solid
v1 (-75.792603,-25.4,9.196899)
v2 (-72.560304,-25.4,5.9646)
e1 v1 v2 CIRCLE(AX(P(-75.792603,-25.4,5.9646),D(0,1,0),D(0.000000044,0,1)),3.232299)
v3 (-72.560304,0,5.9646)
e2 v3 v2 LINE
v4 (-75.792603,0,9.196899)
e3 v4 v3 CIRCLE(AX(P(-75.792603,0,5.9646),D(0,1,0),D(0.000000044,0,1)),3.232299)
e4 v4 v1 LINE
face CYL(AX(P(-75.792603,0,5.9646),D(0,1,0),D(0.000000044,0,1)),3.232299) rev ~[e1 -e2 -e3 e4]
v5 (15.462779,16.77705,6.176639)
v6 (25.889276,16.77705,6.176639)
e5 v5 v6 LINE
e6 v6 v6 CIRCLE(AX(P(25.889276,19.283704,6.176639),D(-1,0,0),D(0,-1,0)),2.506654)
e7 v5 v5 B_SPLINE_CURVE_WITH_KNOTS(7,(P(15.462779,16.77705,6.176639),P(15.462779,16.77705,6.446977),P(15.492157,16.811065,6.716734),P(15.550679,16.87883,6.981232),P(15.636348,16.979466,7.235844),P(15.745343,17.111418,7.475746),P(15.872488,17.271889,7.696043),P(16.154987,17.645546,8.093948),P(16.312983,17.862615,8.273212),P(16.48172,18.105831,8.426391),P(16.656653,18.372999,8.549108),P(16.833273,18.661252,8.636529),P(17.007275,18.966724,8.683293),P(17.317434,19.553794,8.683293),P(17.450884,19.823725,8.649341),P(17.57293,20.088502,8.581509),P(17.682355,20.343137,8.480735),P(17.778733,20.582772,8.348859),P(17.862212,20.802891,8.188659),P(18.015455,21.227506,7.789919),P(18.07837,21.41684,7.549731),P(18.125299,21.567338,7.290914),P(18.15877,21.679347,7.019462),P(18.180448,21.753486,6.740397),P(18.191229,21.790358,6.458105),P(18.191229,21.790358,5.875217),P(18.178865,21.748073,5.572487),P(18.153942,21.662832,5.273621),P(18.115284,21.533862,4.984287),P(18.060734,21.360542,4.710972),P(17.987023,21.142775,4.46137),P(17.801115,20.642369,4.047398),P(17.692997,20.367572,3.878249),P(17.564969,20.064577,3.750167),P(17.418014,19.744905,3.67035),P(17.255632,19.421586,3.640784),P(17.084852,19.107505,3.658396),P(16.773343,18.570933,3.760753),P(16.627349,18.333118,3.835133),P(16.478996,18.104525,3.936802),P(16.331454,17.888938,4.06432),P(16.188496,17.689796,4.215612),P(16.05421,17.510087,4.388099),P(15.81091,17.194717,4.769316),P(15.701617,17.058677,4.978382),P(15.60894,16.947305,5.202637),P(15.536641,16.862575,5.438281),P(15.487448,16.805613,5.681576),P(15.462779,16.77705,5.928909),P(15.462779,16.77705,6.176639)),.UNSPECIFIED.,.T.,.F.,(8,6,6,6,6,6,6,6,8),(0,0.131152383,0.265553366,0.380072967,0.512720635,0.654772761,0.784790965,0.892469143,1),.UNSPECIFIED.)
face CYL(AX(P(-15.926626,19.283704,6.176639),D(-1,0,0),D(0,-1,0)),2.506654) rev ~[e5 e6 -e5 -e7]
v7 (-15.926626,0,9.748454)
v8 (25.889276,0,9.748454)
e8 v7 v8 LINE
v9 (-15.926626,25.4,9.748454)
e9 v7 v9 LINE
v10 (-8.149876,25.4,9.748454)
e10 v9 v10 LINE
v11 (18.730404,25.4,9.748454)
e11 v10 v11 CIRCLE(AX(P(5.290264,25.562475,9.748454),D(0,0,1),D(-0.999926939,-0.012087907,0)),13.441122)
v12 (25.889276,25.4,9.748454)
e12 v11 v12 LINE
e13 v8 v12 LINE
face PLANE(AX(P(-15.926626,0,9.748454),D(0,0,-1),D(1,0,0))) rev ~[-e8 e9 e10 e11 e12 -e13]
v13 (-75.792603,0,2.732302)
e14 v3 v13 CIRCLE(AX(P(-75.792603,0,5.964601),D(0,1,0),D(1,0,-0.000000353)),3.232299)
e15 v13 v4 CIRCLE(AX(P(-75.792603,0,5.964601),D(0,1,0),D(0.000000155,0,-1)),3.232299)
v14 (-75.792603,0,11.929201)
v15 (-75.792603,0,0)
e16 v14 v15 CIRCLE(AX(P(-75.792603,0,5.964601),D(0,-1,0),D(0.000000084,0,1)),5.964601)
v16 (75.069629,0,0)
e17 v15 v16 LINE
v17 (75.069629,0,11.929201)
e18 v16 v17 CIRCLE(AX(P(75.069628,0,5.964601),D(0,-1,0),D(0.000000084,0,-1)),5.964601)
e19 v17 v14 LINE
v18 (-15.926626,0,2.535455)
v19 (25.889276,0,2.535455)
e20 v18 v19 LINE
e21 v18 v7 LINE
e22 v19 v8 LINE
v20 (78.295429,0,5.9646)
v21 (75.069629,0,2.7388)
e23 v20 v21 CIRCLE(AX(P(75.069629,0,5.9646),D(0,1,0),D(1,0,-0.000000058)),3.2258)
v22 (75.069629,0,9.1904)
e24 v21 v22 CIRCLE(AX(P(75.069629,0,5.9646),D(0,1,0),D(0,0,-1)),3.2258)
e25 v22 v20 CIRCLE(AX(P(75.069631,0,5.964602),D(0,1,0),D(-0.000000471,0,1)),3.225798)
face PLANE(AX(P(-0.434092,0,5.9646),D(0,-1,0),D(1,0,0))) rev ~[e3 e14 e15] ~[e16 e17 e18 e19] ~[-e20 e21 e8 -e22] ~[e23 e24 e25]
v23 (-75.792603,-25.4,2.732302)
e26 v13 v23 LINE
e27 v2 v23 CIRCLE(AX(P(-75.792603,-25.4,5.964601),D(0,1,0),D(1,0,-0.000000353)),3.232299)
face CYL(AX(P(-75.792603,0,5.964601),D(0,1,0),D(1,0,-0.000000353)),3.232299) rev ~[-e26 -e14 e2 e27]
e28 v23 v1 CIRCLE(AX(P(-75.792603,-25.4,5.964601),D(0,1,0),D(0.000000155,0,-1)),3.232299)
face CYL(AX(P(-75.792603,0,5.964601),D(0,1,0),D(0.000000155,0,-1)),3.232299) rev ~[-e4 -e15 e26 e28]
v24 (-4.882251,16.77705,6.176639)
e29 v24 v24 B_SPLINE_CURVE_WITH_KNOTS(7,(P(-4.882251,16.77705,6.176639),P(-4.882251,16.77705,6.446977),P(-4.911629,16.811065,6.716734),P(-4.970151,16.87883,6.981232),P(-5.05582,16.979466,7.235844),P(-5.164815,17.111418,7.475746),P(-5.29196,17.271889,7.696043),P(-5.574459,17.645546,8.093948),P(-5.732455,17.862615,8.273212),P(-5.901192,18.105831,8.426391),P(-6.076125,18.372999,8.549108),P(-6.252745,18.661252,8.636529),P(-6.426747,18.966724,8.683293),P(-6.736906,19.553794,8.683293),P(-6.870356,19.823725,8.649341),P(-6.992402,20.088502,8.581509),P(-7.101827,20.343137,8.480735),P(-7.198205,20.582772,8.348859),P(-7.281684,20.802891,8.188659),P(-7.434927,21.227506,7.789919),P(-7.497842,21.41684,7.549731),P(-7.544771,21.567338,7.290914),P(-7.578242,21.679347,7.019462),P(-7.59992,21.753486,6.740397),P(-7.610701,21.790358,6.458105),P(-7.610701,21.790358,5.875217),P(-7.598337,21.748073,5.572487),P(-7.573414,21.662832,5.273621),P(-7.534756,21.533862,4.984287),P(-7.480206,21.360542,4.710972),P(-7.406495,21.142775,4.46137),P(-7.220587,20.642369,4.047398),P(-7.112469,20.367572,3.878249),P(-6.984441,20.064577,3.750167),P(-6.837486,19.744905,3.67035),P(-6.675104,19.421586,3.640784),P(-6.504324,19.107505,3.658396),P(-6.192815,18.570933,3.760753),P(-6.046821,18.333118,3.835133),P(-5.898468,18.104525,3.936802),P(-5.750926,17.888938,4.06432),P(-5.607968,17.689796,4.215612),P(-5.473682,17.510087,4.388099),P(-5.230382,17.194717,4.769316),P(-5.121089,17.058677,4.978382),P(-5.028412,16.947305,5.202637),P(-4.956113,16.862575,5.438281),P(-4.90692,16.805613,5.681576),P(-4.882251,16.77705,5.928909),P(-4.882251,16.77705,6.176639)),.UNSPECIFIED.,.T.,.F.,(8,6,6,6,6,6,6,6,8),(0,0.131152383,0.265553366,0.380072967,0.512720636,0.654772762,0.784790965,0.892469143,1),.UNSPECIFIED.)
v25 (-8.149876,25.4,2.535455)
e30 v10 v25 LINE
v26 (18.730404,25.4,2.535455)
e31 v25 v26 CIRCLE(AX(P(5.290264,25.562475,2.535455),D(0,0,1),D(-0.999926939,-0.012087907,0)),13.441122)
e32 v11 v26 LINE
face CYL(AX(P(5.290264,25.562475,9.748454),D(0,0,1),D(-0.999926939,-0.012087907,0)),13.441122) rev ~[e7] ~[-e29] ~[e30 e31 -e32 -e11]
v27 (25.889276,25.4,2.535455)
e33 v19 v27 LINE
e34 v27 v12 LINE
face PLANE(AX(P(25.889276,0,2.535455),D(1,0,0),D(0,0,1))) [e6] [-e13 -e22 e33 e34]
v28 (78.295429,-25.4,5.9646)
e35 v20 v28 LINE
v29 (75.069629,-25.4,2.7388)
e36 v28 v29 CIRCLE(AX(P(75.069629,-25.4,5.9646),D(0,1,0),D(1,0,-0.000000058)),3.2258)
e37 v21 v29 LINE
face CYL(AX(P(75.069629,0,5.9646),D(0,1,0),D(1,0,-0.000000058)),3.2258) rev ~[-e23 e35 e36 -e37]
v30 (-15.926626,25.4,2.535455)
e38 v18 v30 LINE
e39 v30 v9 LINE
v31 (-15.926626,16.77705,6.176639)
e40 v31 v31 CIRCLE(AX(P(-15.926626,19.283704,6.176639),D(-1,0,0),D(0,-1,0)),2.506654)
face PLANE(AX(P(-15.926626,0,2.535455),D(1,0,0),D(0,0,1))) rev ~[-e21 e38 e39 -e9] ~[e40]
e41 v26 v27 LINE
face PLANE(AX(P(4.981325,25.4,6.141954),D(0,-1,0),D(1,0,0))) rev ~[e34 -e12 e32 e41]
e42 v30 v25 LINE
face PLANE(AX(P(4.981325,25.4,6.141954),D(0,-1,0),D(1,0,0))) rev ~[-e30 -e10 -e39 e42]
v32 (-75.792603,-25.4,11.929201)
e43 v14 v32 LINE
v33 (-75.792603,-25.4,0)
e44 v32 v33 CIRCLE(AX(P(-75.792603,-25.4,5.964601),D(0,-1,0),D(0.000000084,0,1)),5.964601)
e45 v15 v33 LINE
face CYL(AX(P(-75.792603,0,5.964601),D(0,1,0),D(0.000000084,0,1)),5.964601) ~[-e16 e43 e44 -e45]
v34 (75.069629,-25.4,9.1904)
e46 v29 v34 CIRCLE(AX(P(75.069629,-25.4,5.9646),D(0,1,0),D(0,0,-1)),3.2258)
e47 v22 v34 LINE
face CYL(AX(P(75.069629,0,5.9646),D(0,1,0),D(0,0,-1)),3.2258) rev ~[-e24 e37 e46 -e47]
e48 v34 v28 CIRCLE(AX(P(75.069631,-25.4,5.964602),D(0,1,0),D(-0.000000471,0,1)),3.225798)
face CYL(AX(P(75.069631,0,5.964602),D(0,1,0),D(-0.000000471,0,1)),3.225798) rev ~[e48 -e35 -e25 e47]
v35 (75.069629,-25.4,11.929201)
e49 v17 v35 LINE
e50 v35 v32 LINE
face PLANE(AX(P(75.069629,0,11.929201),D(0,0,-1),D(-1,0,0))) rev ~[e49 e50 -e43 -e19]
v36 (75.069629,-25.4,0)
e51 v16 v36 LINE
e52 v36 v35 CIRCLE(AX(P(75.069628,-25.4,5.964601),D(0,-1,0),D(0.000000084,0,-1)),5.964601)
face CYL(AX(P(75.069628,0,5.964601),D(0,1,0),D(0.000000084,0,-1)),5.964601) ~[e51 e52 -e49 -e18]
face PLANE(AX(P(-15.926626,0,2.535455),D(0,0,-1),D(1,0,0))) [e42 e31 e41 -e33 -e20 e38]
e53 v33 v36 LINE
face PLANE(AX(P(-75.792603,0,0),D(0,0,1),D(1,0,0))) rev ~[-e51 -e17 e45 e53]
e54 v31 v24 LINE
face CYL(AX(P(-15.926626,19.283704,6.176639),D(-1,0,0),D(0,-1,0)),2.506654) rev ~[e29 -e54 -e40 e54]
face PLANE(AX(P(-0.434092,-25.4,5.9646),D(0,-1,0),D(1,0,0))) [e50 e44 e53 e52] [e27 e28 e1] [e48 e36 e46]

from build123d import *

# Parameters (mm, degrees)
F1_DEPTH = 25.4
F2_W     = 41.815902
F2_H     = 7.212999
F3_DEPTH = 25.4
F5_DEPTH = 7.62
F6_R     = 2.506654
F7_DEPTH = 45.974


with BuildPart() as f1:
    # F0 (on Front) → F1 (new body)
    with BuildSketch(Plane.XZ):
        with BuildLine():
            Line((75.069629, 11.929201), (-75.792603, 11.929201))
            Line((-75.792603, 11.929201), (-75.792603, 9.196899))
            ThreePointArc((-75.792603, 9.196899), (-73.507023, 8.250181), (-72.560304, 5.9646))
            ThreePointArc((-72.560304, 5.9646), (-73.507023, 3.67902), (-75.792603, 2.732302))
            Line((-75.792603, 2.732302), (-75.792603, 0))
            Line((-75.792603, 0), (75.069629, 0))
            Line((75.069629, 0), (75.069629, 2.7388))
            ThreePointArc((75.069629, 2.7388), (71.843829, 5.9646), (75.069629, 9.1904))
            Line((75.069629, 9.1904), (75.069629, 11.929201))
        make_face()
        with BuildLine():
            Line((-75.792603, 9.196899), (-75.792603, 11.929201))
            ThreePointArc((-75.792603, 11.929201), (-81.757204, 5.9646), (-75.792603, 0))
            Line((-75.792603, 0), (-75.792603, 2.732302))
            ThreePointArc((-75.792603, 2.732302), (-79.024902, 5.9646), (-75.792603, 9.196899))
        make_face()
        with BuildLine():
            ThreePointArc((75.069629, 0), (81.034229, 5.9646), (75.069629, 11.929201))
            Line((75.069629, 11.929201), (75.069629, 9.1904))
            ThreePointArc((75.069629, 9.1904), (77.350614, 8.245586), (78.295429, 5.9646))
            ThreePointArc((78.295429, 5.9646), (77.350614, 3.683615), (75.069629, 2.7388))
            Line((75.069629, 2.7388), (75.069629, 0))
        make_face()
    extrude(amount=F1_DEPTH)

    # F2 (on Front) → F3 (join)
    with BuildSketch(Plane.XZ):
        with Locations((4.981325, 6.141954)):
            Rectangle(F2_W, F2_H)
    extrude(amount=-F3_DEPTH)

    # F4 (on face) → F5 (cut)
    with BuildSketch(Plane.XY.offset(9.748454)):
        with BuildLine():
            Line((18.730404, 25.4), (-8.149876, 25.4))
            ThreePointArc((-8.149876, 25.4), (5.290264, 12.121353), (18.730404, 25.4))
        make_face()
    extrude(amount=-F5_DEPTH, mode=Mode.SUBTRACT)

    # F6 (on face) → F7 (cut)
    with BuildSketch(Plane(origin=(-15.926626, 0, 0), x_dir=(0, -1, 0), z_dir=(-1, 0, 0))):
        with Locations((-19.283704, 6.176639)):
            Circle(F6_R)
    extrude(amount=-F7_DEPTH, mode=Mode.SUBTRACT)


solid = f1.part
